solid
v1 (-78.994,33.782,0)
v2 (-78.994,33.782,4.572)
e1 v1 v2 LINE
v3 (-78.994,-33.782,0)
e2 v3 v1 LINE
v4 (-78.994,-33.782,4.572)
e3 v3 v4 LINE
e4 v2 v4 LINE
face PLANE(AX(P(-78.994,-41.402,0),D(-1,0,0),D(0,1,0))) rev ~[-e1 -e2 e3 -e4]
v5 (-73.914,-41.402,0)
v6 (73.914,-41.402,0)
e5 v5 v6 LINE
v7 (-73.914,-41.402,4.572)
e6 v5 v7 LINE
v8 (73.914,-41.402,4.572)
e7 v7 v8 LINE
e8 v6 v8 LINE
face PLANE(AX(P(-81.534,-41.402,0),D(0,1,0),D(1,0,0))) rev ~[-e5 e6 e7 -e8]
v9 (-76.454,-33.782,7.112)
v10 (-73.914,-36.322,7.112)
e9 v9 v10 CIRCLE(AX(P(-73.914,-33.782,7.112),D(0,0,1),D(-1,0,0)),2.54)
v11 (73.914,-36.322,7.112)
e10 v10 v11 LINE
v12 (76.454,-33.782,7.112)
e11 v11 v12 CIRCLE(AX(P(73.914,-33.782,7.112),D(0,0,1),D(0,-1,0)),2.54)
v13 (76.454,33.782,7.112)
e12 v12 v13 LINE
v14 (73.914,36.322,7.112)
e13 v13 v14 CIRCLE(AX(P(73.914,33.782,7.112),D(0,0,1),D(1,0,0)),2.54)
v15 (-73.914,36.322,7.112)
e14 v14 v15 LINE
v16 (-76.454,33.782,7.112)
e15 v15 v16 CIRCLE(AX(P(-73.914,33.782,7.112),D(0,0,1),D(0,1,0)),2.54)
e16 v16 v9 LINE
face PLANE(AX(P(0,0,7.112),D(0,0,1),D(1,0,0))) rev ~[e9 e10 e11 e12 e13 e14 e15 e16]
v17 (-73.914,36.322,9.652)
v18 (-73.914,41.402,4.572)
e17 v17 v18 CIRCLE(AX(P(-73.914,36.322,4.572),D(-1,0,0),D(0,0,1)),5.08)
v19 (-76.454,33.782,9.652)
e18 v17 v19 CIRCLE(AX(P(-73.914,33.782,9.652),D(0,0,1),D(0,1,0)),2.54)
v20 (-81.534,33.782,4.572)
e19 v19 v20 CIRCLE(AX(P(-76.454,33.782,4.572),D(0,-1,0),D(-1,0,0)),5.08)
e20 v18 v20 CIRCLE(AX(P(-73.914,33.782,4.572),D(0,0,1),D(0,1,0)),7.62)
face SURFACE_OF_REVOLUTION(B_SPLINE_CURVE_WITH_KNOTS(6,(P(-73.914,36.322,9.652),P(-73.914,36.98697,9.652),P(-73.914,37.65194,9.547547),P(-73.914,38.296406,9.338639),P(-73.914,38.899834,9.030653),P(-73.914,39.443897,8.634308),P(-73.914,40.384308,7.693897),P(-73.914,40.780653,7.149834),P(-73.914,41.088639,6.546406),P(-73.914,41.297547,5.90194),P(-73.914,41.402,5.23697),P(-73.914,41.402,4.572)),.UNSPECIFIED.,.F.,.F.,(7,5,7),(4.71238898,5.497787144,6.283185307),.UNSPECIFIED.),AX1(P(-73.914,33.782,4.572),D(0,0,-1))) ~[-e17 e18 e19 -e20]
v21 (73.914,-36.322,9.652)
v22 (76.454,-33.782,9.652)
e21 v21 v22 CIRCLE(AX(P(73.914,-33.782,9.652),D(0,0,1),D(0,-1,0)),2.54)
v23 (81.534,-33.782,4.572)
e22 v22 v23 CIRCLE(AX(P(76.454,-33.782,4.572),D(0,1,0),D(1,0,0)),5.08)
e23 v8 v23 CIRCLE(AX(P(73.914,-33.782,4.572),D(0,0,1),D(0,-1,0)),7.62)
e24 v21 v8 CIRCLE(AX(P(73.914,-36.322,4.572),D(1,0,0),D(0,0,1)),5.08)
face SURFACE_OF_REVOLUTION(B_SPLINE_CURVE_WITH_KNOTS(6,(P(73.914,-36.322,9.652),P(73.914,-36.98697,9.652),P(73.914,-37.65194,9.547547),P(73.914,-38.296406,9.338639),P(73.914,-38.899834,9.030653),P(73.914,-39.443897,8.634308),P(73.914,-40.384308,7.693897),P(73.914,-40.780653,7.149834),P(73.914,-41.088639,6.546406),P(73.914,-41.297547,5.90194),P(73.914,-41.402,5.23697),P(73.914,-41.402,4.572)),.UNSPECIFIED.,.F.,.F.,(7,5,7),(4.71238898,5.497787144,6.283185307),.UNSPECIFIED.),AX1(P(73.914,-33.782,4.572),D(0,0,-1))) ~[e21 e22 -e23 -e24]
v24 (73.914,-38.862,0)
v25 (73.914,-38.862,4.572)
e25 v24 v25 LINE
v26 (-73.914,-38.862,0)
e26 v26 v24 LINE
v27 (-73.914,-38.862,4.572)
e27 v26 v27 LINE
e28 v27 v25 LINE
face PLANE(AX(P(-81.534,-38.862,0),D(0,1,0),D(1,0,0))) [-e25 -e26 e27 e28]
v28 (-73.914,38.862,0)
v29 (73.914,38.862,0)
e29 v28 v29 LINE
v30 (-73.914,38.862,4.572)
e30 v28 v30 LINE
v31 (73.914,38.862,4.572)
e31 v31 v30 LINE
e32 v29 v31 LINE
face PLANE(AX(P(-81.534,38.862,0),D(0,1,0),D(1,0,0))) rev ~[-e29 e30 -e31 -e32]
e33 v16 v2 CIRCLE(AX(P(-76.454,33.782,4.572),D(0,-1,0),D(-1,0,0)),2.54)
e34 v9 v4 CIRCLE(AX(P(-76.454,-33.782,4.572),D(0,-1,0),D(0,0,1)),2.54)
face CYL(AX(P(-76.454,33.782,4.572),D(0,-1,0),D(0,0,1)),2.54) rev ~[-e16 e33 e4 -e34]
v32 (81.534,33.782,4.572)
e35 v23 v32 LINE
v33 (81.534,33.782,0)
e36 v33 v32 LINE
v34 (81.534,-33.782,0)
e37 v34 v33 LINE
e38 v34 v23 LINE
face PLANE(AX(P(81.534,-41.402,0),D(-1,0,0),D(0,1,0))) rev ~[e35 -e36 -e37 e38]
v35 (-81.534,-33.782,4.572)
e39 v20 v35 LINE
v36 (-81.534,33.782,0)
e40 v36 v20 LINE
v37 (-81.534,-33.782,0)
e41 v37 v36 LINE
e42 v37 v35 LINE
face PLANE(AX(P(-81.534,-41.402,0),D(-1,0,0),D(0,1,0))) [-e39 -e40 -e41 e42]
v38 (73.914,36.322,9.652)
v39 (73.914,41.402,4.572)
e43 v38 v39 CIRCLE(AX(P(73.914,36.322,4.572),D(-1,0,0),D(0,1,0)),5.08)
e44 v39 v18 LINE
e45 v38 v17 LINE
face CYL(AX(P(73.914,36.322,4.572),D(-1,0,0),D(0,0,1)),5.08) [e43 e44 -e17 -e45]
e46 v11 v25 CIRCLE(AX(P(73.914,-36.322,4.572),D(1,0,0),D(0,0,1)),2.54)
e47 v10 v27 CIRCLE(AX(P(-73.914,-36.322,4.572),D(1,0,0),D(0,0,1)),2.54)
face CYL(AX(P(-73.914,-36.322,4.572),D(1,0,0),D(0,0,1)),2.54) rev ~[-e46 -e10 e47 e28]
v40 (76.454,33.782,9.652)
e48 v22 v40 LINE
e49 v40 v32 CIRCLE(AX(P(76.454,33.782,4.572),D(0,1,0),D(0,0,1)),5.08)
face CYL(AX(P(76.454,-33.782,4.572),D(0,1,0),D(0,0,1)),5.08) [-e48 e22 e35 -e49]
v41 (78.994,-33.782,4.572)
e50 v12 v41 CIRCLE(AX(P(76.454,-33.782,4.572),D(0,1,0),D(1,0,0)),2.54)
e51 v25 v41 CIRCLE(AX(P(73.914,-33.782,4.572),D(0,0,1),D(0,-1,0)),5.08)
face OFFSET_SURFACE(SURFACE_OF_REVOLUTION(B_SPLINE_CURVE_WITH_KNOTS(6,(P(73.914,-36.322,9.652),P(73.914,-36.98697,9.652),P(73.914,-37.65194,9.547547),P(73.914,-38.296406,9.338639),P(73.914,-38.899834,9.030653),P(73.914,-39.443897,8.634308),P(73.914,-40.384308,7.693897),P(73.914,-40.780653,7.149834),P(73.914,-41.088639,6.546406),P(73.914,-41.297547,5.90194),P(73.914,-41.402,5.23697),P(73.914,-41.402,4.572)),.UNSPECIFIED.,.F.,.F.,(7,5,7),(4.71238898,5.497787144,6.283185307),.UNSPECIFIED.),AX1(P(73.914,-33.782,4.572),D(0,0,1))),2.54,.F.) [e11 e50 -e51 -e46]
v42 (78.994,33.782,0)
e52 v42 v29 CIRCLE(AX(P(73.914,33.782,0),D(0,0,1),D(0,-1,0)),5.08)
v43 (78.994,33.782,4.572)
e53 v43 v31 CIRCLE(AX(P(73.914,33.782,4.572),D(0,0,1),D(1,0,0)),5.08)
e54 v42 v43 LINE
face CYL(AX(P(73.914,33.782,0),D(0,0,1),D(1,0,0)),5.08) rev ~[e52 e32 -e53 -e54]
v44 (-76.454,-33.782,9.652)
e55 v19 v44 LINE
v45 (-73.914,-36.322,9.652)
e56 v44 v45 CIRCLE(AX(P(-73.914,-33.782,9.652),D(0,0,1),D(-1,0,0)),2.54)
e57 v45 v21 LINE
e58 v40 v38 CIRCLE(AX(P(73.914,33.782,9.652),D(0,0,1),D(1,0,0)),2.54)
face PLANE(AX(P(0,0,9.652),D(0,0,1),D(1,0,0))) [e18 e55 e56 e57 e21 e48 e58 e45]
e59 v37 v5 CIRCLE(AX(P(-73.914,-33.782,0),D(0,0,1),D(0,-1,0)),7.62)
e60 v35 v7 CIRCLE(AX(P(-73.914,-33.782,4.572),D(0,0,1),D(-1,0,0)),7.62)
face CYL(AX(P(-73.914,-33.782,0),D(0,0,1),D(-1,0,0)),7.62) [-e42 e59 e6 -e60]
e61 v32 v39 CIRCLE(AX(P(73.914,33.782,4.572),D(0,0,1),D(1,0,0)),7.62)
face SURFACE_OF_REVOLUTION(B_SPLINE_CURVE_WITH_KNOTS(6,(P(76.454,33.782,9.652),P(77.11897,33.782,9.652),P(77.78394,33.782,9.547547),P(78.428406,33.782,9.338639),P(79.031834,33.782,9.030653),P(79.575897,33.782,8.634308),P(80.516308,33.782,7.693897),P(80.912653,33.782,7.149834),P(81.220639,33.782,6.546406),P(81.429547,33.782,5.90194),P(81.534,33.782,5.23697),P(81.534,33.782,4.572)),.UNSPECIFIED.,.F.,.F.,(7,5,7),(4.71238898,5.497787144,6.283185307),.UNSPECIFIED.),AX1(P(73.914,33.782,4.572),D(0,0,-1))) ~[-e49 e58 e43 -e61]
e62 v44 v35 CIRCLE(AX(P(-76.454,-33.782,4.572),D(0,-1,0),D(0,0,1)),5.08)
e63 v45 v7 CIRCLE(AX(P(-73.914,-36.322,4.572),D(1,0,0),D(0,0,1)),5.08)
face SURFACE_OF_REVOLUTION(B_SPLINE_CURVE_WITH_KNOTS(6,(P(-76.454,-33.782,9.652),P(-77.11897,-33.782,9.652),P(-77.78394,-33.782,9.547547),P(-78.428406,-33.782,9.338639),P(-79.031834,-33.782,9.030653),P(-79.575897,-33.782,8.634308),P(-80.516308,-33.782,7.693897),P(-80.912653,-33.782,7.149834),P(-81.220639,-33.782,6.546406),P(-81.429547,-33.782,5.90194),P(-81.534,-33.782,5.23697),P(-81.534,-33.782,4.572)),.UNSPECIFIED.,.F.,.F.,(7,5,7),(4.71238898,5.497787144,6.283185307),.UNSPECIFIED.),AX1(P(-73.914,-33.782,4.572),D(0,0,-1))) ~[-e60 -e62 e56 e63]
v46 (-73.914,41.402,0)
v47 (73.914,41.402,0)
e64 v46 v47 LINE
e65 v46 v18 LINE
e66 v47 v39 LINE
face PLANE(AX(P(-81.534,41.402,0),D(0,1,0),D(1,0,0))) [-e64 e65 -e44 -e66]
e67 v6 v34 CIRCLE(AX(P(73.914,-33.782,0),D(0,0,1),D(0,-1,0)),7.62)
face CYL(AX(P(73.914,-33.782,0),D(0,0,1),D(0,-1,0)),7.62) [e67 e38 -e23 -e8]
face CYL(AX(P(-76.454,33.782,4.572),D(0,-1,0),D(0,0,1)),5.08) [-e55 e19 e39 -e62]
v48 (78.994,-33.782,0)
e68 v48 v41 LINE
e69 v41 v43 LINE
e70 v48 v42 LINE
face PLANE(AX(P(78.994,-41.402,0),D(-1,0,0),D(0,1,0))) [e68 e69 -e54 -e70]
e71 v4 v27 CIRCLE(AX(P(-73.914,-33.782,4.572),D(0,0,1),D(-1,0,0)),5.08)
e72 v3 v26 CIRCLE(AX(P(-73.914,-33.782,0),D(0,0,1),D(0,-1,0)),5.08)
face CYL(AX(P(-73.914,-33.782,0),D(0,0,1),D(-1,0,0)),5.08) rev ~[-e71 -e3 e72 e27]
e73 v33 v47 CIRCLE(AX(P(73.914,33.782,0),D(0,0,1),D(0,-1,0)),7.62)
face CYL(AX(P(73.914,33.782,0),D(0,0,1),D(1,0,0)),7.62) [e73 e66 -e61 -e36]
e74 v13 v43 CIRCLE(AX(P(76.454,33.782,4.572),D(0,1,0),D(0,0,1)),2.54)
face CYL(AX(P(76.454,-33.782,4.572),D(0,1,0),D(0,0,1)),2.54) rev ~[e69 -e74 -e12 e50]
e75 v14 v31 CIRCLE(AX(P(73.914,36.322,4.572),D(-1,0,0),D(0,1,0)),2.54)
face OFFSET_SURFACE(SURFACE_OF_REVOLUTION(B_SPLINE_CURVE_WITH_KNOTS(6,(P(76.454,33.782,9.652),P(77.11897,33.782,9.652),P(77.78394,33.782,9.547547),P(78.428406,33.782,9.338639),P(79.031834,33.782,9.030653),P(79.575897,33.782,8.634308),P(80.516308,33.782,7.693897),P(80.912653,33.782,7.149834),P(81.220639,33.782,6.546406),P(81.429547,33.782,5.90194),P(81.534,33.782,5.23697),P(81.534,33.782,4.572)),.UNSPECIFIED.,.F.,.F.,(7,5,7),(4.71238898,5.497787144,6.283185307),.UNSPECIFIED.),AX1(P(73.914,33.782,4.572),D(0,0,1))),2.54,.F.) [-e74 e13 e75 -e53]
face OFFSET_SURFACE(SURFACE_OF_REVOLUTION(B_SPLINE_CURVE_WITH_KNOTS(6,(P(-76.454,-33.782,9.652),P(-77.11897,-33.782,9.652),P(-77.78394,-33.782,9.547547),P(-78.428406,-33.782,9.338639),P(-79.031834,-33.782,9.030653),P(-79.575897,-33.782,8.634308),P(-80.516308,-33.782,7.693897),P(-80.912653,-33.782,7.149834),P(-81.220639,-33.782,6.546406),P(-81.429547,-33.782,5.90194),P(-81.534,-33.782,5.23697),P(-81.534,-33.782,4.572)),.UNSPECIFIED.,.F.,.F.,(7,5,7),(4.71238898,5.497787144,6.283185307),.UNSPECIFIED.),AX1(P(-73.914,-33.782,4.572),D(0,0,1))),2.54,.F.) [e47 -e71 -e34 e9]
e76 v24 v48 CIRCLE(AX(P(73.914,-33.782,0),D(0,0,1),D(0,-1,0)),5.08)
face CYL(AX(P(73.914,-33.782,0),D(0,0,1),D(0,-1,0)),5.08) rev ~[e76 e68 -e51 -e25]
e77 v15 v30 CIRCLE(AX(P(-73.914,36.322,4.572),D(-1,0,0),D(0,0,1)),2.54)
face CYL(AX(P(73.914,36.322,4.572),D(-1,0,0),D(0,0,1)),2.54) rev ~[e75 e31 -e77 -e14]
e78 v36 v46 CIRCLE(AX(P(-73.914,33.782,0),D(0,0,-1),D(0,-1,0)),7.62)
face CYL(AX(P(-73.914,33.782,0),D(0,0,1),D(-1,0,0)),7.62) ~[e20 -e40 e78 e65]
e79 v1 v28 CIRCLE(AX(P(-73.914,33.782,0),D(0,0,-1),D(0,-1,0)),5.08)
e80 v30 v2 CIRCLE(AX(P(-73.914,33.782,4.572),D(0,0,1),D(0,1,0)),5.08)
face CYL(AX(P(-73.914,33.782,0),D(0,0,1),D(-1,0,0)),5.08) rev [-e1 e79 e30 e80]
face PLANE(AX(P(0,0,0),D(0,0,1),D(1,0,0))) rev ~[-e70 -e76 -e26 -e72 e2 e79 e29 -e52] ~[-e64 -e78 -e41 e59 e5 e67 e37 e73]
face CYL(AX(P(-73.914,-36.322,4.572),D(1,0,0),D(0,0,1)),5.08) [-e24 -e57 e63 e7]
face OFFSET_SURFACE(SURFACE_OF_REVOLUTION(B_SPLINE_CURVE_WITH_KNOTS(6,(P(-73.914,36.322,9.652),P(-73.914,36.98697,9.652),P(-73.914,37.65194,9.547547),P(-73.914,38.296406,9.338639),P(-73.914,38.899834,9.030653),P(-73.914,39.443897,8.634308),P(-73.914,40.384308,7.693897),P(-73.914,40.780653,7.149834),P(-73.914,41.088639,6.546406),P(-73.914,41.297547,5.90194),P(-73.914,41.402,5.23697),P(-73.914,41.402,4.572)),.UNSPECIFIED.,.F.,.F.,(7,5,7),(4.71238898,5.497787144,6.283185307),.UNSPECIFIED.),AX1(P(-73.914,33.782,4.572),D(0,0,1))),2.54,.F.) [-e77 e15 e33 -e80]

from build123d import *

# Parameters (mm, degrees)
F0_W     = 163.068
F0_H     = 82.804
F1_DEPTH = 9.652
F2_R     = 7.62
F3_R     = 5.08
F4_T     = -2.54


with BuildPart() as f1:
    # F0 (on Top) → F1 (new body)
    with BuildSketch(Plane.XY):
        Rectangle(F0_W, F0_H)
    extrude(amount=F1_DEPTH)

    # F2
    f2_edges = [f1.edges().sort_by_distance(p)[0] for p in [
        (-81.534, 41.402, 4.826),
        (-81.534, -41.402, 4.826),
        (81.534, 41.402, 4.826),
        (81.534, -41.402, 4.826),
    ]]
    fillet(f2_edges, radius=F2_R)

    # F3
    f3_edges = [f1.edges().sort_by_distance(p)[0] for p in [
        (0, -41.402, 9.652),
        (-79.302154, -39.170154, 9.652),
        (79.302154, -39.170154, 9.652),
        (-81.534, 0, 9.652),
        (81.534, 0, 9.652),
        (-79.302154, 39.170154, 9.652),
        (79.302154, 39.170154, 9.652),
        (0, 41.402, 9.652),
    ]]
    fillet(f3_edges, radius=F3_R)

    # F4
    f4_openings = [f1.faces().sort_by_distance(p)[0] for p in [
        (0, 0, 0),
    ]]
    offset(amount=F4_T, openings=f4_openings)


solid = f1.part
